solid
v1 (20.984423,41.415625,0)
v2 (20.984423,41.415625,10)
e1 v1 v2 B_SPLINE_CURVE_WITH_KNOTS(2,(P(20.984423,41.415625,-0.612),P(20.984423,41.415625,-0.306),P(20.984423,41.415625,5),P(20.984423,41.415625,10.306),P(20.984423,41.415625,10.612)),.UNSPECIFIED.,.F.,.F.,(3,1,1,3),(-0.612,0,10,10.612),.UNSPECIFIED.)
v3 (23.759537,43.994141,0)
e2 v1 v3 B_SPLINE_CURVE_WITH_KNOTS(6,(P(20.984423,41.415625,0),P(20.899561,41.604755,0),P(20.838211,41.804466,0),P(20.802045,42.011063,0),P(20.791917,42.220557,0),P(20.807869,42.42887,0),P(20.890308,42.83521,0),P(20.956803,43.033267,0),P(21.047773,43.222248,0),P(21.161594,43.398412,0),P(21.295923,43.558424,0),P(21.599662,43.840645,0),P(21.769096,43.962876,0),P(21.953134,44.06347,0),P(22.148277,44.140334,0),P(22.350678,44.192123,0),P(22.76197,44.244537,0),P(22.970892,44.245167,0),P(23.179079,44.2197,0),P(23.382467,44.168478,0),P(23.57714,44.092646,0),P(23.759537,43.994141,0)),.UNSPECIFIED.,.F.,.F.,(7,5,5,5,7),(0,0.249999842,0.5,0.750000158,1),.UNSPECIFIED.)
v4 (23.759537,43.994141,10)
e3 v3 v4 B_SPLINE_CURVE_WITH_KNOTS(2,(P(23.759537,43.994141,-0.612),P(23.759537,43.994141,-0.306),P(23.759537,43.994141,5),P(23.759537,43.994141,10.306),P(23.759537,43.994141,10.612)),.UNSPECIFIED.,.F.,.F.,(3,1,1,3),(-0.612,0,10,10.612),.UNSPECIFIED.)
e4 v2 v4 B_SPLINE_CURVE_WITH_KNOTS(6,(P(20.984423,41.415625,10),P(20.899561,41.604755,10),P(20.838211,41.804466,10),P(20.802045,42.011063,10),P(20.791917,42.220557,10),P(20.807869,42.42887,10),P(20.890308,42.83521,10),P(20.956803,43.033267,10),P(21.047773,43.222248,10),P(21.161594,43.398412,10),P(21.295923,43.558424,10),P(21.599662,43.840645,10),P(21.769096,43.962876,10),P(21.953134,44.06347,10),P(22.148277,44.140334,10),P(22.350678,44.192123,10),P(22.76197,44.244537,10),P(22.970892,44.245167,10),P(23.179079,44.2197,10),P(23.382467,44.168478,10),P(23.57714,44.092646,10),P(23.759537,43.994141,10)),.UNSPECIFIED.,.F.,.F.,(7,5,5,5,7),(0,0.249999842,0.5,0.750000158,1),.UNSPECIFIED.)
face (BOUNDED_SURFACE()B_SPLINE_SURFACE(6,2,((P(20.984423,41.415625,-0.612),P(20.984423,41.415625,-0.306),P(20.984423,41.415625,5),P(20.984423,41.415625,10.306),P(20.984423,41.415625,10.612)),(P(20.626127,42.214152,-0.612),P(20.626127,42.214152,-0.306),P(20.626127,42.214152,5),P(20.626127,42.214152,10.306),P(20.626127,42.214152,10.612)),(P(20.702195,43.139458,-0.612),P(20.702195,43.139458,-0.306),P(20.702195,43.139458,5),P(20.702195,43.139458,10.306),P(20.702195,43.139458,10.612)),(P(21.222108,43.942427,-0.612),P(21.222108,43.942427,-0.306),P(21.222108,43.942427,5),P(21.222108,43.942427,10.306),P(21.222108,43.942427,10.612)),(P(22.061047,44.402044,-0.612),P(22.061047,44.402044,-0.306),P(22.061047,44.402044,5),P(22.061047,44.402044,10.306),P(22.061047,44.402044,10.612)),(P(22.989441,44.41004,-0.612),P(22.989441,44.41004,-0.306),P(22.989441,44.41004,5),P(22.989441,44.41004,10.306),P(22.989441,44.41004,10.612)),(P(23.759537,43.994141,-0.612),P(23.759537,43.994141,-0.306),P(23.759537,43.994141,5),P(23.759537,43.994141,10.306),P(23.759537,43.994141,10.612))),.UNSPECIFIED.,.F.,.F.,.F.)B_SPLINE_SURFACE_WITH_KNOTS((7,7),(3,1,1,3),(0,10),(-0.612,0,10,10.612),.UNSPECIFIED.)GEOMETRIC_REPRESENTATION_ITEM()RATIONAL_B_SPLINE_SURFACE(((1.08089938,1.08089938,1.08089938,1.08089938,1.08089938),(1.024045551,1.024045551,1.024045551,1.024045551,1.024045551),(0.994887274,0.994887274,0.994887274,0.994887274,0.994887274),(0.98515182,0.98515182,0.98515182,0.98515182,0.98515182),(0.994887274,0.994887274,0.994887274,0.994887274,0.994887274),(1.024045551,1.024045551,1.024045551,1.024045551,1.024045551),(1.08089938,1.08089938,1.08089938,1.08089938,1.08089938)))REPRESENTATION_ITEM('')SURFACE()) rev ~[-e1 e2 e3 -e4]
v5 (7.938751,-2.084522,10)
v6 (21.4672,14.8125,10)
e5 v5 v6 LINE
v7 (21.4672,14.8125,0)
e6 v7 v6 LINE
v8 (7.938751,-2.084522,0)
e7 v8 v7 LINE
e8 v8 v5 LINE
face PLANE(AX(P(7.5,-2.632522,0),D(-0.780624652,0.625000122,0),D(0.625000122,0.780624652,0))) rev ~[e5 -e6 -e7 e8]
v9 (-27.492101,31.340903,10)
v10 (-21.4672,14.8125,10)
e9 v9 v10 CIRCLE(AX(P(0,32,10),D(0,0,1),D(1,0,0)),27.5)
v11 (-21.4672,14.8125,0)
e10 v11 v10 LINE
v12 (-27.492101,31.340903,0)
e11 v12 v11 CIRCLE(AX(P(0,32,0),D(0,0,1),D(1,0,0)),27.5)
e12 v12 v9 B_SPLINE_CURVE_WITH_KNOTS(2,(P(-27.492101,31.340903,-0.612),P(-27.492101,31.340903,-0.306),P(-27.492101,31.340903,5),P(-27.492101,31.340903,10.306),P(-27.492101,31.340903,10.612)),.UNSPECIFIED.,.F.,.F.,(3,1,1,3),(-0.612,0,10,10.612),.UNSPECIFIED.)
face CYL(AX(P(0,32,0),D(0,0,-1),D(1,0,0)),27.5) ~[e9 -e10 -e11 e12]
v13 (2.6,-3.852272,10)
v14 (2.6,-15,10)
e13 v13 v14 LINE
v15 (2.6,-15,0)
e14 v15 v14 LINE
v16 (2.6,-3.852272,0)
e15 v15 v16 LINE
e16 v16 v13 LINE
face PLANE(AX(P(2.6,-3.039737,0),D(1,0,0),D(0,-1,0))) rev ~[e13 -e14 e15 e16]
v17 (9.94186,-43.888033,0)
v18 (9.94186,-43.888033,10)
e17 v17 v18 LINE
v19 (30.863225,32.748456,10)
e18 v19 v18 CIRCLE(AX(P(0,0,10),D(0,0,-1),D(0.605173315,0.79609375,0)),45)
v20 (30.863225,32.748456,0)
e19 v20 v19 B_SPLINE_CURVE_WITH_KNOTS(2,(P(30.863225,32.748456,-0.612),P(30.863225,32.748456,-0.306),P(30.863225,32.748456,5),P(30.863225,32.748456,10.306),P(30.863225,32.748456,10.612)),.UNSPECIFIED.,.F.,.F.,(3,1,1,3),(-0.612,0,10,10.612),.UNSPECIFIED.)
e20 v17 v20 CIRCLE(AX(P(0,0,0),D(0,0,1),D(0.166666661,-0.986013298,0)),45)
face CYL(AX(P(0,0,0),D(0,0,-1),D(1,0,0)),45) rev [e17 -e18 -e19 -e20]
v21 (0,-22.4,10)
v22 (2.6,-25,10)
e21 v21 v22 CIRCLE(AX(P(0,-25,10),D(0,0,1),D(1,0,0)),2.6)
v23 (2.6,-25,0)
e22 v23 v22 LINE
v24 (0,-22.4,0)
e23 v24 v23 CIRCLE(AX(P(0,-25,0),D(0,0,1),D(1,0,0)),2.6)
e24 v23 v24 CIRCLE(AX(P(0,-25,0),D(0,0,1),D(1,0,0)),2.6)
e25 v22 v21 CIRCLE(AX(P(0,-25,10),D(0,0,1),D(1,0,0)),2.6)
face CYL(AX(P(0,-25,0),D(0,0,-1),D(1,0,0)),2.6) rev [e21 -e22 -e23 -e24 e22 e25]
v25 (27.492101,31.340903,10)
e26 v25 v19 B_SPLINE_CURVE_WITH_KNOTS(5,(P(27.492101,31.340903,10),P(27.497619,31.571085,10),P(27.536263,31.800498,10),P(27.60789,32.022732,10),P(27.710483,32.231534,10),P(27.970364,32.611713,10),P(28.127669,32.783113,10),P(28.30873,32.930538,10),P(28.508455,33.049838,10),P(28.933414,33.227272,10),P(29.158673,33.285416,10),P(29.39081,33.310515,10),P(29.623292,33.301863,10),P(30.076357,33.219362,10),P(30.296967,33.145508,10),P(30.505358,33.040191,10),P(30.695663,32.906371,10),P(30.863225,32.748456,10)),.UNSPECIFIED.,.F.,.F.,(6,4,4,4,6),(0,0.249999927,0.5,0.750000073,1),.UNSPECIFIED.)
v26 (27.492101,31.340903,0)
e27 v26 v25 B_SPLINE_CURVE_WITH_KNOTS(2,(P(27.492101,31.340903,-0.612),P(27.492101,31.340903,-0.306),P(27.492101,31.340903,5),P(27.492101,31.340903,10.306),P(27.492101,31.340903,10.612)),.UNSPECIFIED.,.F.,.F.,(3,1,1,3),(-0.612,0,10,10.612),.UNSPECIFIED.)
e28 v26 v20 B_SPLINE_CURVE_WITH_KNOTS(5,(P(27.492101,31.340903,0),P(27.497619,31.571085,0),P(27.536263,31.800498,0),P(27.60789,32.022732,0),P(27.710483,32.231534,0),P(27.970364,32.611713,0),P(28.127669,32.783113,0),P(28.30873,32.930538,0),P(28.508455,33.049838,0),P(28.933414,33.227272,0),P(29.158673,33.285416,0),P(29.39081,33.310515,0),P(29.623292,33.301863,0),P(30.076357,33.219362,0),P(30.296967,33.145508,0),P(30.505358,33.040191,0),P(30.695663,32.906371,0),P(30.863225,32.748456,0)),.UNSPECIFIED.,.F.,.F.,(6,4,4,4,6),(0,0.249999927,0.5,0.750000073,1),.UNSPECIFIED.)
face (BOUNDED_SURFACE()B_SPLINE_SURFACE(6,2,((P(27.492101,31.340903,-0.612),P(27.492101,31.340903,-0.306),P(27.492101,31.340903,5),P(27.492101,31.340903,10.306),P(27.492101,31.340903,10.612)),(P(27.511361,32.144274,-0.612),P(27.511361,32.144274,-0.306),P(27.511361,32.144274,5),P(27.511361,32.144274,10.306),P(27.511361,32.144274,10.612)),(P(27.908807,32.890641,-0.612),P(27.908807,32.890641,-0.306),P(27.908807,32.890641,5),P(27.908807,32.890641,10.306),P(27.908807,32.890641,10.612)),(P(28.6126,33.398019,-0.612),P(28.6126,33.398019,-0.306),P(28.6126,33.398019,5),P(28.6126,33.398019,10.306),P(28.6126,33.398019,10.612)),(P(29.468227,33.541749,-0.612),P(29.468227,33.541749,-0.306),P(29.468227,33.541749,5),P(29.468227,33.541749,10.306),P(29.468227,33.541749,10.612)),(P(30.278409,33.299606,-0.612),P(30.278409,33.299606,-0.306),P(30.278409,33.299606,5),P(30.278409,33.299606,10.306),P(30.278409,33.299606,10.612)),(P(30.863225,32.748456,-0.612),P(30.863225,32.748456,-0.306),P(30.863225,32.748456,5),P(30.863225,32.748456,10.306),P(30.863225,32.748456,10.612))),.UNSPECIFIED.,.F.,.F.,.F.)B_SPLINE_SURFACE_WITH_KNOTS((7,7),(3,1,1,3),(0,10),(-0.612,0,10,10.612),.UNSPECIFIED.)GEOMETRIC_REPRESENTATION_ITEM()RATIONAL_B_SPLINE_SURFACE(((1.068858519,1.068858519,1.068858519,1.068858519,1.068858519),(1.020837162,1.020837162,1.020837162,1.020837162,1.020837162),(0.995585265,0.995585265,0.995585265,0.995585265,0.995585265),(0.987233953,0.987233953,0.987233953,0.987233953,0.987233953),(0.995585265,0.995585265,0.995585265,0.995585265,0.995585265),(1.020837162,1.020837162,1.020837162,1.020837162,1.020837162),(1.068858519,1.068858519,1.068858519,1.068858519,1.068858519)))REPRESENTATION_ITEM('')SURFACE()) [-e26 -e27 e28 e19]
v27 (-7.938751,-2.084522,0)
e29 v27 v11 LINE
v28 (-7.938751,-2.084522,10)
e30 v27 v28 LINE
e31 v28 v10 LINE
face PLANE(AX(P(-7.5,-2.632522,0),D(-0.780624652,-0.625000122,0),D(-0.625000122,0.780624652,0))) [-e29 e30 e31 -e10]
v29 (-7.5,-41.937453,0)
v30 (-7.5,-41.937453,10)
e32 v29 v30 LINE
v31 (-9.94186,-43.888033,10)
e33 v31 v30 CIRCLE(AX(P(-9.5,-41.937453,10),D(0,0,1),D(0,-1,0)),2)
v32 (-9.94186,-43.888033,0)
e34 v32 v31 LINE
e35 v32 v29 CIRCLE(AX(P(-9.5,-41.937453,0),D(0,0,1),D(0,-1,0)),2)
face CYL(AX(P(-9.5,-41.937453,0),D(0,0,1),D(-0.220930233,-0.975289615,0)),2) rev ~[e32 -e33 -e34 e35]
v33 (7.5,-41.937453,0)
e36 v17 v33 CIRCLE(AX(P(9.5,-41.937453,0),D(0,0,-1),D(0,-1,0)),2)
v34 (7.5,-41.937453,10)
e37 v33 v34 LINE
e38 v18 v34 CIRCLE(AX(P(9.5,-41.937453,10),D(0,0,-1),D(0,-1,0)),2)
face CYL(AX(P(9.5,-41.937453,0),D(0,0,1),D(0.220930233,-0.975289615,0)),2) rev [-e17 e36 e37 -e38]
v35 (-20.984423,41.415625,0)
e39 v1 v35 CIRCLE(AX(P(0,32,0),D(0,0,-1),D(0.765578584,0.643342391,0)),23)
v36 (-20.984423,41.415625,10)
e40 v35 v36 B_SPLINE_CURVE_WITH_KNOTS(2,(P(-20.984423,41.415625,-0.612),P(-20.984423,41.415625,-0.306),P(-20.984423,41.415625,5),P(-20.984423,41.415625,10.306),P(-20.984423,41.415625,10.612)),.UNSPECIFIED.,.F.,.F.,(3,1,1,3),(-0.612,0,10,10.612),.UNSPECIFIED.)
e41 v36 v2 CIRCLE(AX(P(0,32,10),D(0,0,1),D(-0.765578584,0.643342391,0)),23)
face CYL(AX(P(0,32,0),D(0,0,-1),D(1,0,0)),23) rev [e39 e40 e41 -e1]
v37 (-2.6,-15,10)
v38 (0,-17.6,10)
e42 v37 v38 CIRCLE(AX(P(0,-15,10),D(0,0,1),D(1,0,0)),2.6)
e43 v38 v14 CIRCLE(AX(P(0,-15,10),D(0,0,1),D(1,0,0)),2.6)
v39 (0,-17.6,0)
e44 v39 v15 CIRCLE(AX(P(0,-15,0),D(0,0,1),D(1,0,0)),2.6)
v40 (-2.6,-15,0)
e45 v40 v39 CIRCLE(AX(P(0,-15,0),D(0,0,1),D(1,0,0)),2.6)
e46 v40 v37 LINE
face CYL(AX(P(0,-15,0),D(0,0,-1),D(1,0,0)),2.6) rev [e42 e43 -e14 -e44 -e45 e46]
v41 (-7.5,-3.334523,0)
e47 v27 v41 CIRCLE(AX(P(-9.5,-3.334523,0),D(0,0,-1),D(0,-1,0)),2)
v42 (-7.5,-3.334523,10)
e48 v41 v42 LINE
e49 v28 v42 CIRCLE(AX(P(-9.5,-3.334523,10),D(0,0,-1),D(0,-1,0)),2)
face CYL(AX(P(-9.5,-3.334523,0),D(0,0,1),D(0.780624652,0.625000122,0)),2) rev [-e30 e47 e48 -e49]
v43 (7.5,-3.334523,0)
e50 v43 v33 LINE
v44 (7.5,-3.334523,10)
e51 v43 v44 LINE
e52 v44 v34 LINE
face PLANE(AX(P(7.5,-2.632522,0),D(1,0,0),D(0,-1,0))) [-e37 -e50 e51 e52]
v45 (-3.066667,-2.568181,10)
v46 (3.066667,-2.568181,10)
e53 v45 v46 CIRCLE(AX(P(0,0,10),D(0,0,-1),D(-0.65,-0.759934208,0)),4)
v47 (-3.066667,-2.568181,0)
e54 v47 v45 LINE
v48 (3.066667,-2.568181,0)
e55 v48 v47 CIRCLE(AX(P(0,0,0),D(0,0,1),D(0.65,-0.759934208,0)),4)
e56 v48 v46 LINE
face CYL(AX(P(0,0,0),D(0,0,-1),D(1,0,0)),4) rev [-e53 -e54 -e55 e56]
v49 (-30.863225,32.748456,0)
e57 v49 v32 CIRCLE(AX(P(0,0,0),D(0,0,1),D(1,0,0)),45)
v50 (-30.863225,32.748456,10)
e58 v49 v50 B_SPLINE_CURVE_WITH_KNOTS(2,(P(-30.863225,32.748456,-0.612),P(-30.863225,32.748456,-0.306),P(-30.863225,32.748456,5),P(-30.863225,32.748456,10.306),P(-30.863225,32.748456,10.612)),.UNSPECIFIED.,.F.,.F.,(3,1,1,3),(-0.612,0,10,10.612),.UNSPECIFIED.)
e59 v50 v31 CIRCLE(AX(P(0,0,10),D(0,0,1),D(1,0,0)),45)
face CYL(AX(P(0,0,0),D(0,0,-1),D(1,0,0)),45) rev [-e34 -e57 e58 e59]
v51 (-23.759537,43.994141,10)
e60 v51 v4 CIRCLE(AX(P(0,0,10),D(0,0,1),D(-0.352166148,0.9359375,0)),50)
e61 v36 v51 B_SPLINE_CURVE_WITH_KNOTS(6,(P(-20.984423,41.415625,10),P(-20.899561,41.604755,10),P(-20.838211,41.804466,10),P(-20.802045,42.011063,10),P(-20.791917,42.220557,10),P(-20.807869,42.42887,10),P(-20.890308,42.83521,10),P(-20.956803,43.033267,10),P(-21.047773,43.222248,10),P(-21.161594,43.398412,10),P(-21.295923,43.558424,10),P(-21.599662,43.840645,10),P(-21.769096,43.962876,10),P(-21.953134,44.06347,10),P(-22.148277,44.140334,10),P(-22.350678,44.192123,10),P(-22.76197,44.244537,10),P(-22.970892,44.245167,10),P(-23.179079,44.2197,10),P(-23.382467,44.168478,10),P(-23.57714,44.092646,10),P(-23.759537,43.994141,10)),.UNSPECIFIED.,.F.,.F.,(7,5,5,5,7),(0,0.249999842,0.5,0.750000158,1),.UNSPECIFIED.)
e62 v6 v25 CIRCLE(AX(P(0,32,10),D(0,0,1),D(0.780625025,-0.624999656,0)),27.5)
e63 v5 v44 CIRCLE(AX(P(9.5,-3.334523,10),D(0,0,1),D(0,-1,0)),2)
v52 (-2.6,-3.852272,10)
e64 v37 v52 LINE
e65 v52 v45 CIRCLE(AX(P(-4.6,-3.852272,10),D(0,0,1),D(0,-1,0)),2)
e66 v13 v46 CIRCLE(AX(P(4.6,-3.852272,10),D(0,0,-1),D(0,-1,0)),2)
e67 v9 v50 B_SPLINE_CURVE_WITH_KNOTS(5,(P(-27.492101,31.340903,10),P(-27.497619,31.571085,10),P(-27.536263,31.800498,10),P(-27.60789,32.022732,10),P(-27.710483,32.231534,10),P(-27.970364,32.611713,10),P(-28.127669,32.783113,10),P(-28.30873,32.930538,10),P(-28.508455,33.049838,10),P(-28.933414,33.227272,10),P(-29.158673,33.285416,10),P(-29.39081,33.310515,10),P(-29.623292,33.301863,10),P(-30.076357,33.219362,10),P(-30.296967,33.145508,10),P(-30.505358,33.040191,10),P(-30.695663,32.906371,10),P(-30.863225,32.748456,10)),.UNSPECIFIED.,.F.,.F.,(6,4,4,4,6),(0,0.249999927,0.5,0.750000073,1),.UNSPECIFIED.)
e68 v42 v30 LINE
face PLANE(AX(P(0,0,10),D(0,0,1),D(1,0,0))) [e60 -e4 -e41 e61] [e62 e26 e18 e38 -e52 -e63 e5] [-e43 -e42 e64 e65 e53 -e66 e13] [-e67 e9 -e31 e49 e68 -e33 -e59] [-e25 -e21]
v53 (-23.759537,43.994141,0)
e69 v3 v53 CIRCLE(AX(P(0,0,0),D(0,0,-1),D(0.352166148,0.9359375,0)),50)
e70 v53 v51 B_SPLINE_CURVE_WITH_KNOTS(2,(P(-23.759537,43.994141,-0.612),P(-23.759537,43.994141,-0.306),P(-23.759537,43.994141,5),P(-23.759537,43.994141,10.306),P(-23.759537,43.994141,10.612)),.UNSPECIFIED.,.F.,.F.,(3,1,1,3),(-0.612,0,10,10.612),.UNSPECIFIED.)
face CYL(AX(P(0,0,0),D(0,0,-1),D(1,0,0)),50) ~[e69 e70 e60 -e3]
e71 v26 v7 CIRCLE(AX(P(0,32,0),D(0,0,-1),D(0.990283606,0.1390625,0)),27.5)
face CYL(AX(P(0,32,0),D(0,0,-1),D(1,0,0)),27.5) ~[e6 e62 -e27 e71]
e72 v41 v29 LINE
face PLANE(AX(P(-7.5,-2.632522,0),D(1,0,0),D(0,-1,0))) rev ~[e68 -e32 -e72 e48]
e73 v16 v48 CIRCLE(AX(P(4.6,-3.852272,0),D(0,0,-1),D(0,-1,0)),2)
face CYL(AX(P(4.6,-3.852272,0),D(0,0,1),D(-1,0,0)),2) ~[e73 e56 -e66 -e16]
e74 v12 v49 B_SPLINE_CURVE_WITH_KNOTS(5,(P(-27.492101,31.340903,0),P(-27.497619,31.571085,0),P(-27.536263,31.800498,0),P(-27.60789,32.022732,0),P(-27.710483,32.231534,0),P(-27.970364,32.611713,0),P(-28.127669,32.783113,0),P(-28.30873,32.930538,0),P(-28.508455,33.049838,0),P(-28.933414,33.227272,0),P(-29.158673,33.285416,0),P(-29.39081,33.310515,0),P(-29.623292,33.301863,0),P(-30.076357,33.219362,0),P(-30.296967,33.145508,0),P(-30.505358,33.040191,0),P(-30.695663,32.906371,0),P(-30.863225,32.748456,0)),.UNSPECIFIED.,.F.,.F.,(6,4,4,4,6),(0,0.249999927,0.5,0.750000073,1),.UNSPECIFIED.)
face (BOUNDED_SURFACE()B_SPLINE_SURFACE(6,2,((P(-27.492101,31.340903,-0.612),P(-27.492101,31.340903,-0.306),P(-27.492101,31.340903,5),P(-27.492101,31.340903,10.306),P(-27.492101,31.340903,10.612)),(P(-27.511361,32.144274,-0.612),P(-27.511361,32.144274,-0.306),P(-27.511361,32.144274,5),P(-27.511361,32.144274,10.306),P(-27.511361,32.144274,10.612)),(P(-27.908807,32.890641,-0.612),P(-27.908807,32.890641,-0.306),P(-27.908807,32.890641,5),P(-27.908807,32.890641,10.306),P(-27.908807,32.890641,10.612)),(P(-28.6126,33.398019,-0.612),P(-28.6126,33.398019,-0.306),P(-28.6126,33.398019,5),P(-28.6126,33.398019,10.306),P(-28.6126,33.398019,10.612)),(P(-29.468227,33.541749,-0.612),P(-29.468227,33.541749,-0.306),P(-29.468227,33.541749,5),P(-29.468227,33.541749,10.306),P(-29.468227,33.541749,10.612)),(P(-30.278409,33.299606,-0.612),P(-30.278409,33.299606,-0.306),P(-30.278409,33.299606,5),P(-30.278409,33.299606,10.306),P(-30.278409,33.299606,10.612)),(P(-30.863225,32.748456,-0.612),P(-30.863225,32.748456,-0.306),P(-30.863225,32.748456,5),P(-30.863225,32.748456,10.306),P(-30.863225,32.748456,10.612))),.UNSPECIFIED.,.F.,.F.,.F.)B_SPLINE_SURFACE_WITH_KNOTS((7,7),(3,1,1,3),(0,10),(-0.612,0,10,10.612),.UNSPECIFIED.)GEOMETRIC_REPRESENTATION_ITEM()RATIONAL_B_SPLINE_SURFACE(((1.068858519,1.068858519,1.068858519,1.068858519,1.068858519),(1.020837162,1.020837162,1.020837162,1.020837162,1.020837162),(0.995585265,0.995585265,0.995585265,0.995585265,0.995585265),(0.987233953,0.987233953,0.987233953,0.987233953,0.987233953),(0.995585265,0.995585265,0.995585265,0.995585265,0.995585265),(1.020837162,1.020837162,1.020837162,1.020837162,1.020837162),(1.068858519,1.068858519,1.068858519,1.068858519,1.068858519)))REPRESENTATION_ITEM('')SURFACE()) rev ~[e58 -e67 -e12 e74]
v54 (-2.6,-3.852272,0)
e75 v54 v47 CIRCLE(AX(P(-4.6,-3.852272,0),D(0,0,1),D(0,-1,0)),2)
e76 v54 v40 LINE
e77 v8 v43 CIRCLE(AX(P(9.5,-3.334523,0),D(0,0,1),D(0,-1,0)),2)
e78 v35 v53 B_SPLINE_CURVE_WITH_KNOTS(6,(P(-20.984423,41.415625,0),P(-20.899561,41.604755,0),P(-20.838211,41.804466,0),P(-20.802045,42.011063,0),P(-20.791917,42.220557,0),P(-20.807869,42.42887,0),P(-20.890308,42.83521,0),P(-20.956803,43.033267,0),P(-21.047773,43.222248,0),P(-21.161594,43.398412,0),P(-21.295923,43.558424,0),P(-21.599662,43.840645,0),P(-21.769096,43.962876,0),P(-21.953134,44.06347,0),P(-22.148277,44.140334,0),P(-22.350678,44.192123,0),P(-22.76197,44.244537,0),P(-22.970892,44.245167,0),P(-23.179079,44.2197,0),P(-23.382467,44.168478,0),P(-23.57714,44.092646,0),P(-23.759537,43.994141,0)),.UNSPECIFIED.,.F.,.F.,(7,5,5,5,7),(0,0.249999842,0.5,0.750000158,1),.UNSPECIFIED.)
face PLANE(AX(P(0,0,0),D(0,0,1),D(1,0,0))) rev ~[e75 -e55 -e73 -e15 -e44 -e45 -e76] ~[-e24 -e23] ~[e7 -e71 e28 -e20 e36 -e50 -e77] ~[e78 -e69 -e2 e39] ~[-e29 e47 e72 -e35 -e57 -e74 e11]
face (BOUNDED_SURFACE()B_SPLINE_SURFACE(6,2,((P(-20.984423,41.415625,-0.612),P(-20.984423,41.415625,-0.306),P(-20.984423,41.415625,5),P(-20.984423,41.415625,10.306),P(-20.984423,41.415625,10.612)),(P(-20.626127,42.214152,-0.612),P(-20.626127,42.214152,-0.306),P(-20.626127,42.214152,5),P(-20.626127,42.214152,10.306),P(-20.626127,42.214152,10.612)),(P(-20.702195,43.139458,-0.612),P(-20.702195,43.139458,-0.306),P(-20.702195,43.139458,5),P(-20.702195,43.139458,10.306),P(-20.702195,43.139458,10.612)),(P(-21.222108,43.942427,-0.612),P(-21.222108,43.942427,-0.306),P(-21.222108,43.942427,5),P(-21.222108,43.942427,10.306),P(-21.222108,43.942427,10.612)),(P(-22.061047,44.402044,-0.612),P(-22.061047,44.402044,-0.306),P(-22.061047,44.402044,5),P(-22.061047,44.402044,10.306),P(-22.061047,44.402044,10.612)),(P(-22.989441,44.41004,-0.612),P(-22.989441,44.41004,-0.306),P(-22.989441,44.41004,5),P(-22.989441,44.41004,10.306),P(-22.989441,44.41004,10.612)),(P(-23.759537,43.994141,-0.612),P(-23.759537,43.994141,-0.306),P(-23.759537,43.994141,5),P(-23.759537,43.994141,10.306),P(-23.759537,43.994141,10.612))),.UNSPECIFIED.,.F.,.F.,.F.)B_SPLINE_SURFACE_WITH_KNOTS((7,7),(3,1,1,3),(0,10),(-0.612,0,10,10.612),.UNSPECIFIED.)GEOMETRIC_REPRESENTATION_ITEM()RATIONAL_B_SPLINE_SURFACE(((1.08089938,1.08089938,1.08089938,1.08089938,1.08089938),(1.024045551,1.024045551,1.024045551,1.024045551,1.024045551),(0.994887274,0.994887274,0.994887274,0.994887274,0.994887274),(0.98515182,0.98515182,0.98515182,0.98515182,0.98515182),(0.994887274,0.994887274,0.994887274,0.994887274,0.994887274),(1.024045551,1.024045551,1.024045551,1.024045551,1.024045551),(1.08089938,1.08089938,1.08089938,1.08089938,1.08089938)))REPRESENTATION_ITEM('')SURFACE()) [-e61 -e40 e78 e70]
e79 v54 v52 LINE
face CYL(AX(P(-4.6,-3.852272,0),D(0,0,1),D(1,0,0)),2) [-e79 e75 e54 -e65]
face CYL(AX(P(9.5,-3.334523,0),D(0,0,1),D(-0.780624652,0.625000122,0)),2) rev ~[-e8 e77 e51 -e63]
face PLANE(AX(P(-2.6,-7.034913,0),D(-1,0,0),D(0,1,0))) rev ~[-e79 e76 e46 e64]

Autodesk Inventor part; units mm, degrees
ref_plane "YZ Plane" through (0, 0, 0) normal (1, 0, 0) x (0, 1, 0)
ref_plane "XZ Plane" through (0, 0, 0) normal (0, 1, 0) x (-1, 0, 0)
ref_plane "XY Plane" through (0, 0, 0) normal (0, 0, 1) x (1, 0, 0)
sketch "Sketch1" plane through (0, 0, 0) normal (0, 0, 1) x (1, 0, 0)
  circle A0 centre (0, 0) radius 60.5521
  arc A1 (-0.7258, 10.3355) -> (0.2666, 10.325) centre (0, 32) ccw
  circle A2 centre (0, 0) radius 60.5521
  circle A3 centre (0, 32) radius 2.5
  circle A4 centre (0, 0) radius 50
  circle A5 centre (0, 0) radius 57.5
  circle A6 centre (0, 0) radius 57
  circle A7 centre (0, 0) radius 7.5
  circle A8 centre (0, 32) radius 23
  circle A9 centre (0, 0) radius 45
  circle A10 centre (0, 32) radius 27.5
  line L0 (-5.8547, -4.6875) -> (-21.4672, 14.8125)
  line L1 (5.8547, -4.6875) -> (21.4672, 14.8125)
  line L2 (0, 0) -> (0, 32)
  line L3 (7.5, 44.3706) -> (7.5, -44.3706)
  line L4 (-7.5, 44.3706) -> (-7.5, -44.3706)
  circle A11 centre (0, 0) radius 2.6
  line L5 (0, 0) -> (0, -15)
  circle A12 centre (0, -15) radius 2.6
  line L6 (-2.6, -15) -> (-2.6, 0)
  line L7 (2.6, 0) -> (2.6, -15)
  circle A13 centre (0, 0) radius 4
  line L8 (0, -15) -> (0, -25)
  circle A14 centre (0, -25) radius 2.6
  point P0 (27.2328, 35.8242)
  point P1 (7.5, -2.6325)
  point P2 (-27.2328, 35.8242)
  point P3 (-7.5, -2.6325)
  point P4 (17.6083, 46.7969)
  point P5 (-17.6083, 46.7969)
  point P6 (-2.6, -3.0397)
  point P7 (2.6, -3.0397)
  dimension "d0" = 5
  dimension "d1" = 100
  dimension "d2" = 115
  dimension "d4" = 15
  dimension "d5" = 46
  dimension "d6" = 90
  dimension "d7" = 55
  dimension "d8" = 32
  dimension "d12" = 5.2
  dimension "d13" = 15
  dimension "d14" = 5.2
  dimension "d15" = 8
  dimension "d17" = 10
  dimension "d18" = 5.2
extrude "Extrusion1" add sketch "Sketch1" along normal blind 10 contours A8 L3 A10 A7 L2 | L2 A7 A10 L4 A8 | L4 A10 A9 A8 | A8 A9 A10 L3 | L2 A10 A7 | A7 A10 L2 | A9 A10 A4 A8 | L4 L0 A10 | A10 A7 L4 | L3 A7 A10 | A10 L1 L3 | A7 L7 A13 L2 A10 | A10 L2 A13 L6 A7 | A9 A10 A4 | A7 L0 L4 | A8 A4 A10 A9 | L3 L1 A7 | L4 L0 A7 L6 A12 L7 L1 L3 A9
fillet "Fillet1" radius 2 8 edges at (-17.6083, 46.7969, 5) (17.6083, 46.7969, 5) (27.2328, 35.8242, 5) (-27.2328, 35.8242, 5) (-7.5, -2.6325, 5) (7.5, -2.6325, 5) (7.5, -44.3706, 5) (-7.5, -44.3706, 5)
fillet "Fillet2" radius 2 2 edges at (-2.6, -3.0397, 5) (2.6, -3.0397, 5)
properties part number "Gear Holder 1"
